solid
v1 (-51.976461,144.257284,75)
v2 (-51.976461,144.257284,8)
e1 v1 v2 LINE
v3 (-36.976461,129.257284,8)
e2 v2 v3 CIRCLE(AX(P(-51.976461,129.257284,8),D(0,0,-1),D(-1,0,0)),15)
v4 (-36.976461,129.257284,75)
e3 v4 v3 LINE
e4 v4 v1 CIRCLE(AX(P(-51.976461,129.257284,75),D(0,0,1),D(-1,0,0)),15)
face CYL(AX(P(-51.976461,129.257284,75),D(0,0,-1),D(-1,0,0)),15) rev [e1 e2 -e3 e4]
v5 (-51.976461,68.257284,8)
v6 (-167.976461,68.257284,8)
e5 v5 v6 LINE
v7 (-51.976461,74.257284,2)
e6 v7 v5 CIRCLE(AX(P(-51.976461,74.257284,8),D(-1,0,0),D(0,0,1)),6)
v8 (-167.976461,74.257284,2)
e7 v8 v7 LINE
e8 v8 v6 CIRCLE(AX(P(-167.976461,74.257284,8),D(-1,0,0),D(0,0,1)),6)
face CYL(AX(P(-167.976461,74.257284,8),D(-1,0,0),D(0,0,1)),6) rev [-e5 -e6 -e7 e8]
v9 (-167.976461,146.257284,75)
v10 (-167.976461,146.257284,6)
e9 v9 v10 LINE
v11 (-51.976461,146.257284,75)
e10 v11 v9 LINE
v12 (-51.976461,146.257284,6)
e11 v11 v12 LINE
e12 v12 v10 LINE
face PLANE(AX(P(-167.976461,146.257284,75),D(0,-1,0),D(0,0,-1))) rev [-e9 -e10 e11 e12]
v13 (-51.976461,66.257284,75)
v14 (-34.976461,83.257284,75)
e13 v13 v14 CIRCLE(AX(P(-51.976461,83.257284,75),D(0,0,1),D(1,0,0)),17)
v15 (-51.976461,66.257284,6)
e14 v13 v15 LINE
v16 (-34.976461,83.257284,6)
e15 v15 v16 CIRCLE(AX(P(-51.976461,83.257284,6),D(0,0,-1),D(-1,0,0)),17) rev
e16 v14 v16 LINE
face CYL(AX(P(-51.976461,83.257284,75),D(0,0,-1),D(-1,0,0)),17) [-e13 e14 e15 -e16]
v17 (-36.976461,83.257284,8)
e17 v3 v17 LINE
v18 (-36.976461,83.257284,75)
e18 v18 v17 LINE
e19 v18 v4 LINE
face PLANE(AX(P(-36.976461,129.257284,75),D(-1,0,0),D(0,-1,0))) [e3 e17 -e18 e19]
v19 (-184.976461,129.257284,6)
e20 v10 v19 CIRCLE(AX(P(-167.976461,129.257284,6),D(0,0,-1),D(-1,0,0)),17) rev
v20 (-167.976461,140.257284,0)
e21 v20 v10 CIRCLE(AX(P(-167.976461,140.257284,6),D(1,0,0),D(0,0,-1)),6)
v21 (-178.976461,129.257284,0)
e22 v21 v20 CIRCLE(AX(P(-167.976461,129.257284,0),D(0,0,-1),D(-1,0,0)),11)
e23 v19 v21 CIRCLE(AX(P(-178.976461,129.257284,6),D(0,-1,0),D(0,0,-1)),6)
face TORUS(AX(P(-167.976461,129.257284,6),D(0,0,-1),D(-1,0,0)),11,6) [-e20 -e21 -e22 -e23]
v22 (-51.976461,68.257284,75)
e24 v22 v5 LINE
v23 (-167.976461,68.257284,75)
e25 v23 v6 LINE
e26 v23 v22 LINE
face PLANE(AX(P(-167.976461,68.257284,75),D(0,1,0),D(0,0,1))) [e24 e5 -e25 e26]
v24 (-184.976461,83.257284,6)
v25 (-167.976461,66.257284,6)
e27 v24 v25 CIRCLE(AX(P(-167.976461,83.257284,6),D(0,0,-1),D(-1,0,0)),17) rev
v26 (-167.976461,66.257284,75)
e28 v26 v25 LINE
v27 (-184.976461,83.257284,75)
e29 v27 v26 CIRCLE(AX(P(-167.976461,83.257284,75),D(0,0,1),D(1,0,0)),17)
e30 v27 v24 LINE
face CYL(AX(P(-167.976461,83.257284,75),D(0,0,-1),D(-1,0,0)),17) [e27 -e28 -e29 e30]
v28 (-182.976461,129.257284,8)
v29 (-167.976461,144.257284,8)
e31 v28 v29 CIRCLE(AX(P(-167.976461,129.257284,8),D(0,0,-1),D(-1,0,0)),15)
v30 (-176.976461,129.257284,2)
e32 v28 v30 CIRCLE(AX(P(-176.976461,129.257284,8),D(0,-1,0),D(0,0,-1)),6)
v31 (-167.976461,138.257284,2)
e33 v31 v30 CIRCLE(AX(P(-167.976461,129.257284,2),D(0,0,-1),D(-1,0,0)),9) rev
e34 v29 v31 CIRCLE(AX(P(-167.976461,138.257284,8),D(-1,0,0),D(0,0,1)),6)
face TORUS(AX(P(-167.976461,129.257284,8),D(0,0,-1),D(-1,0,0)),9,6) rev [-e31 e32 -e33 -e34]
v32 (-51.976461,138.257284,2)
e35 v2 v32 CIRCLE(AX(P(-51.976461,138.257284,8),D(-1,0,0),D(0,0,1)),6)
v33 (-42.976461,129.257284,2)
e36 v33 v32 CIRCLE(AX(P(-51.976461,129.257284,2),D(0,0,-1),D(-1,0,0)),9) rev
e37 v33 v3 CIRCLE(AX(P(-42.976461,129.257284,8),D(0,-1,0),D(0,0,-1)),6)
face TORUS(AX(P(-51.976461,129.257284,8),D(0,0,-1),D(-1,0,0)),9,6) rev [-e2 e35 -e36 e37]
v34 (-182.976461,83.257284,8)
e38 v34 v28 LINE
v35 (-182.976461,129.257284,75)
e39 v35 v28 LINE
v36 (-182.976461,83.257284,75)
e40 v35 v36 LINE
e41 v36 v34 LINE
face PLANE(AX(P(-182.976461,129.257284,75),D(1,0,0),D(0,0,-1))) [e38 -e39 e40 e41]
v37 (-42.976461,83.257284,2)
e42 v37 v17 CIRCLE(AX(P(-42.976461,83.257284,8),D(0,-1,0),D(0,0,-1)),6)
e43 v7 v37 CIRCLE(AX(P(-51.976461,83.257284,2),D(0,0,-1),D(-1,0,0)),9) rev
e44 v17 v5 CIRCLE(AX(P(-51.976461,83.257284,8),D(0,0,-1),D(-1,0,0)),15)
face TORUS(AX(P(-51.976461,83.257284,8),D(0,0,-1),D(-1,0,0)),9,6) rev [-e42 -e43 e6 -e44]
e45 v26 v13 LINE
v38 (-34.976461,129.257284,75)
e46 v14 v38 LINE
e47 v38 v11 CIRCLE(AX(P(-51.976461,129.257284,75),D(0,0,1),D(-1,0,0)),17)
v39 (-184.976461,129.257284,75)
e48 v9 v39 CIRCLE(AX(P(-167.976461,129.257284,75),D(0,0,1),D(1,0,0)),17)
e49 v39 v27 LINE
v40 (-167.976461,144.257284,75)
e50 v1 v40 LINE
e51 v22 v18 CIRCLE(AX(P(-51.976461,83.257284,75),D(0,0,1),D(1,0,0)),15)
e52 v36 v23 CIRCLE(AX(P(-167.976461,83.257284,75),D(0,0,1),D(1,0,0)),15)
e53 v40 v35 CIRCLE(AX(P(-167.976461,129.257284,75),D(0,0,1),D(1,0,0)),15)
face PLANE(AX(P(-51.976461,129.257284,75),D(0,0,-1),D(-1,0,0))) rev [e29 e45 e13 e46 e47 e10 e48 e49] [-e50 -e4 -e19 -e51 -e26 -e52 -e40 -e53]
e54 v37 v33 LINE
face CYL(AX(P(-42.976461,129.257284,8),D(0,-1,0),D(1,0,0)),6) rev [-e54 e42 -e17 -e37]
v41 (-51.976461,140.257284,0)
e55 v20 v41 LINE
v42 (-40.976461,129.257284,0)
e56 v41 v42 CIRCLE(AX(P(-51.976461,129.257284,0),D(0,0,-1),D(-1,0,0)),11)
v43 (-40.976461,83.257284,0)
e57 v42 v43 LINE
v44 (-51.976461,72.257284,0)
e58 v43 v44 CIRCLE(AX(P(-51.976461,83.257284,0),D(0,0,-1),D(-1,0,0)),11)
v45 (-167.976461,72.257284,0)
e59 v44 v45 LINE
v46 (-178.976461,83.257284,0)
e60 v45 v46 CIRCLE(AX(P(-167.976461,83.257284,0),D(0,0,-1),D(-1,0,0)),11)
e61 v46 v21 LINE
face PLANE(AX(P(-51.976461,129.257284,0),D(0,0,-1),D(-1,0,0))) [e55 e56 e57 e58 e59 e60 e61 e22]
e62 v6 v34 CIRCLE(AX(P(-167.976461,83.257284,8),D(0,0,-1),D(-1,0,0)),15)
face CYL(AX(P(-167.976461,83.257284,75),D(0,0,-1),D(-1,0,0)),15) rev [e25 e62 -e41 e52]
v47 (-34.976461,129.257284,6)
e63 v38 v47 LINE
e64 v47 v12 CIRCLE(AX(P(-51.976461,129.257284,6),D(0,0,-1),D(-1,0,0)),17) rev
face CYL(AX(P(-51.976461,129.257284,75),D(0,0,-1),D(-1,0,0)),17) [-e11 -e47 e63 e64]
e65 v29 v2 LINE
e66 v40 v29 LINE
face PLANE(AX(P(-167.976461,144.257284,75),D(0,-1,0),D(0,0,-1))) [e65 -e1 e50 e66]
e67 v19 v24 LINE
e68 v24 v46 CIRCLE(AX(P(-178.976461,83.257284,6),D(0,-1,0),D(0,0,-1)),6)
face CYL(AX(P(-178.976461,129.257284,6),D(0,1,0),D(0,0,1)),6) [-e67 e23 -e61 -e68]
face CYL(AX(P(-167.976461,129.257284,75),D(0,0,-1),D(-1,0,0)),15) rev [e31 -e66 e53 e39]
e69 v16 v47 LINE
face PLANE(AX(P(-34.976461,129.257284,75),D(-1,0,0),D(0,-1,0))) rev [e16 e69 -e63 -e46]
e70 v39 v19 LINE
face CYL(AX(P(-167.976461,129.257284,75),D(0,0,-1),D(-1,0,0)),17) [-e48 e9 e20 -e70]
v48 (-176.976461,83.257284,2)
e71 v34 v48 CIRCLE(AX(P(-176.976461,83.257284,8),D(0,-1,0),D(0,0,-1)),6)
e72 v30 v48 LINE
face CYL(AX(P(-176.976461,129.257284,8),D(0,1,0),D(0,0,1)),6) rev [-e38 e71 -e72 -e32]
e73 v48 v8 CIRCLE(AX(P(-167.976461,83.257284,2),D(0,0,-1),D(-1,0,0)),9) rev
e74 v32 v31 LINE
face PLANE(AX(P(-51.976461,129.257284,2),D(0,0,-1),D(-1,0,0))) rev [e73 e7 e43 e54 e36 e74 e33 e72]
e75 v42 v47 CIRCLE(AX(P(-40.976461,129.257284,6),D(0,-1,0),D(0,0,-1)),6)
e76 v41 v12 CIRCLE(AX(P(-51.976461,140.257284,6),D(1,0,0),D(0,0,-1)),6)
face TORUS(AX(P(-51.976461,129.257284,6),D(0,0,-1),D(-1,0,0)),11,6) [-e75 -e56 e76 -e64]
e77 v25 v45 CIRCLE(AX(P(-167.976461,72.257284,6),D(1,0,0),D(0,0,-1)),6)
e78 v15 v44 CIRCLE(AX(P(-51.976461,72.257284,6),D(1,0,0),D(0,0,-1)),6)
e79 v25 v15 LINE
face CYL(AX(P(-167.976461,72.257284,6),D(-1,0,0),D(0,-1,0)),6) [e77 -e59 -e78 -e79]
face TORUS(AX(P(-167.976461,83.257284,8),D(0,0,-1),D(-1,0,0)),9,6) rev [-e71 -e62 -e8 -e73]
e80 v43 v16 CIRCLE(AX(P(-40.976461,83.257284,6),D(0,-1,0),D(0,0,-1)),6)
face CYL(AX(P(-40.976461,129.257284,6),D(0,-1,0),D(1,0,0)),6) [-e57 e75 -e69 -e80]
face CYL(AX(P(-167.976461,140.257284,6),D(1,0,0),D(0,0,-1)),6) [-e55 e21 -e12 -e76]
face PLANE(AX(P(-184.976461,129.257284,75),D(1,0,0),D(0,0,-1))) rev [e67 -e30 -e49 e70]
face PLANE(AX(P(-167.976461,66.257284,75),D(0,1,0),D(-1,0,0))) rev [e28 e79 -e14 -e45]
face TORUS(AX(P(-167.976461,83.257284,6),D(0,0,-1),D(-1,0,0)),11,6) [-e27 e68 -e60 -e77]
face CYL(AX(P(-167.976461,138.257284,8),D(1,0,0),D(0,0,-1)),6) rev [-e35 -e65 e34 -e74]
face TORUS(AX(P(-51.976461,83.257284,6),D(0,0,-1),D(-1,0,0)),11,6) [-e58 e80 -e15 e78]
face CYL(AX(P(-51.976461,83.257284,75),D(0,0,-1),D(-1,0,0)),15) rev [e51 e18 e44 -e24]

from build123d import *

# Parameters (mm, degrees)
BOSS_EXTRUDE1_DEPTH = 75
BOSS_EXTRUDE2_DEPTH = 2
FILLET1_R           = 6


with BuildPart() as part:
    # Sketch2 → Boss-Extrude1 (new body)
    with BuildSketch(Plane.XY):
        with BuildLine():
            Line((-167.97646099, 146.257283518), (-51.97646099, 146.257283518))
            ThreePointArc((-51.97646099, 146.257283518), (-39.95564571, 141.278098799), (-34.97646099, 129.257283518))
            Line((-34.97646099, 129.257283518), (-34.97646099, 83.257283518))
            ThreePointArc((-34.97646099, 83.257283518), (-39.95564571, 71.236468238), (-51.97646099, 66.257283518))
            Line((-51.97646099, 66.257283518), (-167.97646099, 66.257283518))
            ThreePointArc((-167.97646099, 66.257283518), (-179.99727627, 71.236468238), (-184.97646099, 83.257283518))
            Line((-184.97646099, 83.257283518), (-184.97646099, 129.257283518))
            ThreePointArc((-184.97646099, 129.257283518), (-179.99727627, 141.278098799), (-167.97646099, 146.257283518))
        make_face()
        with BuildLine():
            Line((-167.97646099, 144.257283518), (-51.97646099, 144.257283518))
            ThreePointArc((-51.97646099, 144.257283518), (-41.369859272, 139.863885236), (-36.97646099, 129.257283518))
            Line((-36.97646099, 129.257283518), (-36.97646099, 83.257283518))
            ThreePointArc((-36.97646099, 83.257283518), (-41.369859272, 72.650681801), (-51.97646099, 68.257283518))
            Line((-51.97646099, 68.257283518), (-167.97646099, 68.257283518))
            ThreePointArc((-167.97646099, 68.257283518), (-178.583062708, 72.650681801), (-182.97646099, 83.257283518))
            Line((-182.97646099, 83.257283518), (-182.97646099, 129.257283518))
            ThreePointArc((-182.97646099, 129.257283518), (-178.583062708, 139.863885236), (-167.97646099, 144.257283518))
        make_face(mode=Mode.SUBTRACT)
    extrude(amount=BOSS_EXTRUDE1_DEPTH)

    # Sketch3 → Boss-Extrude2 (add)
    with BuildSketch(Plane(origin=(0, 0, 0), x_dir=(-1, 0, 0), z_dir=(0, 0, -1))):
        with BuildLine():
            Line((34.97646099, 129.257283518), (34.97646099, 83.257283518))
            ThreePointArc((34.97646099, 83.257283518), (39.95564571, 71.236468238), (51.97646099, 66.257283518))
            Line((51.97646099, 66.257283518), (167.97646099, 66.257283518))
            ThreePointArc((167.97646099, 66.257283518), (179.99727627, 71.236468238), (184.97646099, 83.257283518))
            Line((184.97646099, 83.257283518), (184.97646099, 129.257283518))
            ThreePointArc((184.97646099, 129.257283518), (179.99727627, 141.278098799), (167.97646099, 146.257283518))
            Line((167.97646099, 146.257283518), (51.97646099, 146.257283518))
            ThreePointArc((51.97646099, 146.257283518), (39.95564571, 141.278098799), (34.97646099, 129.257283518))
        make_face()
    extrude(amount=-BOSS_EXTRUDE2_DEPTH)

    # Fillet1
    fillet1_edges = [part.edges().sort_by_distance(p)[0] for p in [
        (-184.97646099, 106.257283518, 0),
        (-179.99727627, 141.278098799, 0),
        (-109.97646099, 146.257283518, 0),
        (-39.95564571, 141.278098799, 0),
        (-109.97646099, 144.257283518, 2),
        (-182.97646099, 106.257283518, 2),
        (-178.583062708, 139.863885236, 2),
        (-41.369859272, 139.863885236, 2),
        (-36.97646099, 106.257283518, 2),
        (-41.369859272, 72.650681801, 2),
        (-109.97646099, 68.257283518, 2),
        (-178.583062708, 72.650681801, 2),
        (-34.97646099, 106.257283518, 0),
        (-39.95564571, 71.236468238, 0),
        (-109.97646099, 66.257283518, 0),
        (-179.99727627, 71.236468238, 0),
    ]]
    fillet(fillet1_edges, radius=FILLET1_R)


solid = part.part
